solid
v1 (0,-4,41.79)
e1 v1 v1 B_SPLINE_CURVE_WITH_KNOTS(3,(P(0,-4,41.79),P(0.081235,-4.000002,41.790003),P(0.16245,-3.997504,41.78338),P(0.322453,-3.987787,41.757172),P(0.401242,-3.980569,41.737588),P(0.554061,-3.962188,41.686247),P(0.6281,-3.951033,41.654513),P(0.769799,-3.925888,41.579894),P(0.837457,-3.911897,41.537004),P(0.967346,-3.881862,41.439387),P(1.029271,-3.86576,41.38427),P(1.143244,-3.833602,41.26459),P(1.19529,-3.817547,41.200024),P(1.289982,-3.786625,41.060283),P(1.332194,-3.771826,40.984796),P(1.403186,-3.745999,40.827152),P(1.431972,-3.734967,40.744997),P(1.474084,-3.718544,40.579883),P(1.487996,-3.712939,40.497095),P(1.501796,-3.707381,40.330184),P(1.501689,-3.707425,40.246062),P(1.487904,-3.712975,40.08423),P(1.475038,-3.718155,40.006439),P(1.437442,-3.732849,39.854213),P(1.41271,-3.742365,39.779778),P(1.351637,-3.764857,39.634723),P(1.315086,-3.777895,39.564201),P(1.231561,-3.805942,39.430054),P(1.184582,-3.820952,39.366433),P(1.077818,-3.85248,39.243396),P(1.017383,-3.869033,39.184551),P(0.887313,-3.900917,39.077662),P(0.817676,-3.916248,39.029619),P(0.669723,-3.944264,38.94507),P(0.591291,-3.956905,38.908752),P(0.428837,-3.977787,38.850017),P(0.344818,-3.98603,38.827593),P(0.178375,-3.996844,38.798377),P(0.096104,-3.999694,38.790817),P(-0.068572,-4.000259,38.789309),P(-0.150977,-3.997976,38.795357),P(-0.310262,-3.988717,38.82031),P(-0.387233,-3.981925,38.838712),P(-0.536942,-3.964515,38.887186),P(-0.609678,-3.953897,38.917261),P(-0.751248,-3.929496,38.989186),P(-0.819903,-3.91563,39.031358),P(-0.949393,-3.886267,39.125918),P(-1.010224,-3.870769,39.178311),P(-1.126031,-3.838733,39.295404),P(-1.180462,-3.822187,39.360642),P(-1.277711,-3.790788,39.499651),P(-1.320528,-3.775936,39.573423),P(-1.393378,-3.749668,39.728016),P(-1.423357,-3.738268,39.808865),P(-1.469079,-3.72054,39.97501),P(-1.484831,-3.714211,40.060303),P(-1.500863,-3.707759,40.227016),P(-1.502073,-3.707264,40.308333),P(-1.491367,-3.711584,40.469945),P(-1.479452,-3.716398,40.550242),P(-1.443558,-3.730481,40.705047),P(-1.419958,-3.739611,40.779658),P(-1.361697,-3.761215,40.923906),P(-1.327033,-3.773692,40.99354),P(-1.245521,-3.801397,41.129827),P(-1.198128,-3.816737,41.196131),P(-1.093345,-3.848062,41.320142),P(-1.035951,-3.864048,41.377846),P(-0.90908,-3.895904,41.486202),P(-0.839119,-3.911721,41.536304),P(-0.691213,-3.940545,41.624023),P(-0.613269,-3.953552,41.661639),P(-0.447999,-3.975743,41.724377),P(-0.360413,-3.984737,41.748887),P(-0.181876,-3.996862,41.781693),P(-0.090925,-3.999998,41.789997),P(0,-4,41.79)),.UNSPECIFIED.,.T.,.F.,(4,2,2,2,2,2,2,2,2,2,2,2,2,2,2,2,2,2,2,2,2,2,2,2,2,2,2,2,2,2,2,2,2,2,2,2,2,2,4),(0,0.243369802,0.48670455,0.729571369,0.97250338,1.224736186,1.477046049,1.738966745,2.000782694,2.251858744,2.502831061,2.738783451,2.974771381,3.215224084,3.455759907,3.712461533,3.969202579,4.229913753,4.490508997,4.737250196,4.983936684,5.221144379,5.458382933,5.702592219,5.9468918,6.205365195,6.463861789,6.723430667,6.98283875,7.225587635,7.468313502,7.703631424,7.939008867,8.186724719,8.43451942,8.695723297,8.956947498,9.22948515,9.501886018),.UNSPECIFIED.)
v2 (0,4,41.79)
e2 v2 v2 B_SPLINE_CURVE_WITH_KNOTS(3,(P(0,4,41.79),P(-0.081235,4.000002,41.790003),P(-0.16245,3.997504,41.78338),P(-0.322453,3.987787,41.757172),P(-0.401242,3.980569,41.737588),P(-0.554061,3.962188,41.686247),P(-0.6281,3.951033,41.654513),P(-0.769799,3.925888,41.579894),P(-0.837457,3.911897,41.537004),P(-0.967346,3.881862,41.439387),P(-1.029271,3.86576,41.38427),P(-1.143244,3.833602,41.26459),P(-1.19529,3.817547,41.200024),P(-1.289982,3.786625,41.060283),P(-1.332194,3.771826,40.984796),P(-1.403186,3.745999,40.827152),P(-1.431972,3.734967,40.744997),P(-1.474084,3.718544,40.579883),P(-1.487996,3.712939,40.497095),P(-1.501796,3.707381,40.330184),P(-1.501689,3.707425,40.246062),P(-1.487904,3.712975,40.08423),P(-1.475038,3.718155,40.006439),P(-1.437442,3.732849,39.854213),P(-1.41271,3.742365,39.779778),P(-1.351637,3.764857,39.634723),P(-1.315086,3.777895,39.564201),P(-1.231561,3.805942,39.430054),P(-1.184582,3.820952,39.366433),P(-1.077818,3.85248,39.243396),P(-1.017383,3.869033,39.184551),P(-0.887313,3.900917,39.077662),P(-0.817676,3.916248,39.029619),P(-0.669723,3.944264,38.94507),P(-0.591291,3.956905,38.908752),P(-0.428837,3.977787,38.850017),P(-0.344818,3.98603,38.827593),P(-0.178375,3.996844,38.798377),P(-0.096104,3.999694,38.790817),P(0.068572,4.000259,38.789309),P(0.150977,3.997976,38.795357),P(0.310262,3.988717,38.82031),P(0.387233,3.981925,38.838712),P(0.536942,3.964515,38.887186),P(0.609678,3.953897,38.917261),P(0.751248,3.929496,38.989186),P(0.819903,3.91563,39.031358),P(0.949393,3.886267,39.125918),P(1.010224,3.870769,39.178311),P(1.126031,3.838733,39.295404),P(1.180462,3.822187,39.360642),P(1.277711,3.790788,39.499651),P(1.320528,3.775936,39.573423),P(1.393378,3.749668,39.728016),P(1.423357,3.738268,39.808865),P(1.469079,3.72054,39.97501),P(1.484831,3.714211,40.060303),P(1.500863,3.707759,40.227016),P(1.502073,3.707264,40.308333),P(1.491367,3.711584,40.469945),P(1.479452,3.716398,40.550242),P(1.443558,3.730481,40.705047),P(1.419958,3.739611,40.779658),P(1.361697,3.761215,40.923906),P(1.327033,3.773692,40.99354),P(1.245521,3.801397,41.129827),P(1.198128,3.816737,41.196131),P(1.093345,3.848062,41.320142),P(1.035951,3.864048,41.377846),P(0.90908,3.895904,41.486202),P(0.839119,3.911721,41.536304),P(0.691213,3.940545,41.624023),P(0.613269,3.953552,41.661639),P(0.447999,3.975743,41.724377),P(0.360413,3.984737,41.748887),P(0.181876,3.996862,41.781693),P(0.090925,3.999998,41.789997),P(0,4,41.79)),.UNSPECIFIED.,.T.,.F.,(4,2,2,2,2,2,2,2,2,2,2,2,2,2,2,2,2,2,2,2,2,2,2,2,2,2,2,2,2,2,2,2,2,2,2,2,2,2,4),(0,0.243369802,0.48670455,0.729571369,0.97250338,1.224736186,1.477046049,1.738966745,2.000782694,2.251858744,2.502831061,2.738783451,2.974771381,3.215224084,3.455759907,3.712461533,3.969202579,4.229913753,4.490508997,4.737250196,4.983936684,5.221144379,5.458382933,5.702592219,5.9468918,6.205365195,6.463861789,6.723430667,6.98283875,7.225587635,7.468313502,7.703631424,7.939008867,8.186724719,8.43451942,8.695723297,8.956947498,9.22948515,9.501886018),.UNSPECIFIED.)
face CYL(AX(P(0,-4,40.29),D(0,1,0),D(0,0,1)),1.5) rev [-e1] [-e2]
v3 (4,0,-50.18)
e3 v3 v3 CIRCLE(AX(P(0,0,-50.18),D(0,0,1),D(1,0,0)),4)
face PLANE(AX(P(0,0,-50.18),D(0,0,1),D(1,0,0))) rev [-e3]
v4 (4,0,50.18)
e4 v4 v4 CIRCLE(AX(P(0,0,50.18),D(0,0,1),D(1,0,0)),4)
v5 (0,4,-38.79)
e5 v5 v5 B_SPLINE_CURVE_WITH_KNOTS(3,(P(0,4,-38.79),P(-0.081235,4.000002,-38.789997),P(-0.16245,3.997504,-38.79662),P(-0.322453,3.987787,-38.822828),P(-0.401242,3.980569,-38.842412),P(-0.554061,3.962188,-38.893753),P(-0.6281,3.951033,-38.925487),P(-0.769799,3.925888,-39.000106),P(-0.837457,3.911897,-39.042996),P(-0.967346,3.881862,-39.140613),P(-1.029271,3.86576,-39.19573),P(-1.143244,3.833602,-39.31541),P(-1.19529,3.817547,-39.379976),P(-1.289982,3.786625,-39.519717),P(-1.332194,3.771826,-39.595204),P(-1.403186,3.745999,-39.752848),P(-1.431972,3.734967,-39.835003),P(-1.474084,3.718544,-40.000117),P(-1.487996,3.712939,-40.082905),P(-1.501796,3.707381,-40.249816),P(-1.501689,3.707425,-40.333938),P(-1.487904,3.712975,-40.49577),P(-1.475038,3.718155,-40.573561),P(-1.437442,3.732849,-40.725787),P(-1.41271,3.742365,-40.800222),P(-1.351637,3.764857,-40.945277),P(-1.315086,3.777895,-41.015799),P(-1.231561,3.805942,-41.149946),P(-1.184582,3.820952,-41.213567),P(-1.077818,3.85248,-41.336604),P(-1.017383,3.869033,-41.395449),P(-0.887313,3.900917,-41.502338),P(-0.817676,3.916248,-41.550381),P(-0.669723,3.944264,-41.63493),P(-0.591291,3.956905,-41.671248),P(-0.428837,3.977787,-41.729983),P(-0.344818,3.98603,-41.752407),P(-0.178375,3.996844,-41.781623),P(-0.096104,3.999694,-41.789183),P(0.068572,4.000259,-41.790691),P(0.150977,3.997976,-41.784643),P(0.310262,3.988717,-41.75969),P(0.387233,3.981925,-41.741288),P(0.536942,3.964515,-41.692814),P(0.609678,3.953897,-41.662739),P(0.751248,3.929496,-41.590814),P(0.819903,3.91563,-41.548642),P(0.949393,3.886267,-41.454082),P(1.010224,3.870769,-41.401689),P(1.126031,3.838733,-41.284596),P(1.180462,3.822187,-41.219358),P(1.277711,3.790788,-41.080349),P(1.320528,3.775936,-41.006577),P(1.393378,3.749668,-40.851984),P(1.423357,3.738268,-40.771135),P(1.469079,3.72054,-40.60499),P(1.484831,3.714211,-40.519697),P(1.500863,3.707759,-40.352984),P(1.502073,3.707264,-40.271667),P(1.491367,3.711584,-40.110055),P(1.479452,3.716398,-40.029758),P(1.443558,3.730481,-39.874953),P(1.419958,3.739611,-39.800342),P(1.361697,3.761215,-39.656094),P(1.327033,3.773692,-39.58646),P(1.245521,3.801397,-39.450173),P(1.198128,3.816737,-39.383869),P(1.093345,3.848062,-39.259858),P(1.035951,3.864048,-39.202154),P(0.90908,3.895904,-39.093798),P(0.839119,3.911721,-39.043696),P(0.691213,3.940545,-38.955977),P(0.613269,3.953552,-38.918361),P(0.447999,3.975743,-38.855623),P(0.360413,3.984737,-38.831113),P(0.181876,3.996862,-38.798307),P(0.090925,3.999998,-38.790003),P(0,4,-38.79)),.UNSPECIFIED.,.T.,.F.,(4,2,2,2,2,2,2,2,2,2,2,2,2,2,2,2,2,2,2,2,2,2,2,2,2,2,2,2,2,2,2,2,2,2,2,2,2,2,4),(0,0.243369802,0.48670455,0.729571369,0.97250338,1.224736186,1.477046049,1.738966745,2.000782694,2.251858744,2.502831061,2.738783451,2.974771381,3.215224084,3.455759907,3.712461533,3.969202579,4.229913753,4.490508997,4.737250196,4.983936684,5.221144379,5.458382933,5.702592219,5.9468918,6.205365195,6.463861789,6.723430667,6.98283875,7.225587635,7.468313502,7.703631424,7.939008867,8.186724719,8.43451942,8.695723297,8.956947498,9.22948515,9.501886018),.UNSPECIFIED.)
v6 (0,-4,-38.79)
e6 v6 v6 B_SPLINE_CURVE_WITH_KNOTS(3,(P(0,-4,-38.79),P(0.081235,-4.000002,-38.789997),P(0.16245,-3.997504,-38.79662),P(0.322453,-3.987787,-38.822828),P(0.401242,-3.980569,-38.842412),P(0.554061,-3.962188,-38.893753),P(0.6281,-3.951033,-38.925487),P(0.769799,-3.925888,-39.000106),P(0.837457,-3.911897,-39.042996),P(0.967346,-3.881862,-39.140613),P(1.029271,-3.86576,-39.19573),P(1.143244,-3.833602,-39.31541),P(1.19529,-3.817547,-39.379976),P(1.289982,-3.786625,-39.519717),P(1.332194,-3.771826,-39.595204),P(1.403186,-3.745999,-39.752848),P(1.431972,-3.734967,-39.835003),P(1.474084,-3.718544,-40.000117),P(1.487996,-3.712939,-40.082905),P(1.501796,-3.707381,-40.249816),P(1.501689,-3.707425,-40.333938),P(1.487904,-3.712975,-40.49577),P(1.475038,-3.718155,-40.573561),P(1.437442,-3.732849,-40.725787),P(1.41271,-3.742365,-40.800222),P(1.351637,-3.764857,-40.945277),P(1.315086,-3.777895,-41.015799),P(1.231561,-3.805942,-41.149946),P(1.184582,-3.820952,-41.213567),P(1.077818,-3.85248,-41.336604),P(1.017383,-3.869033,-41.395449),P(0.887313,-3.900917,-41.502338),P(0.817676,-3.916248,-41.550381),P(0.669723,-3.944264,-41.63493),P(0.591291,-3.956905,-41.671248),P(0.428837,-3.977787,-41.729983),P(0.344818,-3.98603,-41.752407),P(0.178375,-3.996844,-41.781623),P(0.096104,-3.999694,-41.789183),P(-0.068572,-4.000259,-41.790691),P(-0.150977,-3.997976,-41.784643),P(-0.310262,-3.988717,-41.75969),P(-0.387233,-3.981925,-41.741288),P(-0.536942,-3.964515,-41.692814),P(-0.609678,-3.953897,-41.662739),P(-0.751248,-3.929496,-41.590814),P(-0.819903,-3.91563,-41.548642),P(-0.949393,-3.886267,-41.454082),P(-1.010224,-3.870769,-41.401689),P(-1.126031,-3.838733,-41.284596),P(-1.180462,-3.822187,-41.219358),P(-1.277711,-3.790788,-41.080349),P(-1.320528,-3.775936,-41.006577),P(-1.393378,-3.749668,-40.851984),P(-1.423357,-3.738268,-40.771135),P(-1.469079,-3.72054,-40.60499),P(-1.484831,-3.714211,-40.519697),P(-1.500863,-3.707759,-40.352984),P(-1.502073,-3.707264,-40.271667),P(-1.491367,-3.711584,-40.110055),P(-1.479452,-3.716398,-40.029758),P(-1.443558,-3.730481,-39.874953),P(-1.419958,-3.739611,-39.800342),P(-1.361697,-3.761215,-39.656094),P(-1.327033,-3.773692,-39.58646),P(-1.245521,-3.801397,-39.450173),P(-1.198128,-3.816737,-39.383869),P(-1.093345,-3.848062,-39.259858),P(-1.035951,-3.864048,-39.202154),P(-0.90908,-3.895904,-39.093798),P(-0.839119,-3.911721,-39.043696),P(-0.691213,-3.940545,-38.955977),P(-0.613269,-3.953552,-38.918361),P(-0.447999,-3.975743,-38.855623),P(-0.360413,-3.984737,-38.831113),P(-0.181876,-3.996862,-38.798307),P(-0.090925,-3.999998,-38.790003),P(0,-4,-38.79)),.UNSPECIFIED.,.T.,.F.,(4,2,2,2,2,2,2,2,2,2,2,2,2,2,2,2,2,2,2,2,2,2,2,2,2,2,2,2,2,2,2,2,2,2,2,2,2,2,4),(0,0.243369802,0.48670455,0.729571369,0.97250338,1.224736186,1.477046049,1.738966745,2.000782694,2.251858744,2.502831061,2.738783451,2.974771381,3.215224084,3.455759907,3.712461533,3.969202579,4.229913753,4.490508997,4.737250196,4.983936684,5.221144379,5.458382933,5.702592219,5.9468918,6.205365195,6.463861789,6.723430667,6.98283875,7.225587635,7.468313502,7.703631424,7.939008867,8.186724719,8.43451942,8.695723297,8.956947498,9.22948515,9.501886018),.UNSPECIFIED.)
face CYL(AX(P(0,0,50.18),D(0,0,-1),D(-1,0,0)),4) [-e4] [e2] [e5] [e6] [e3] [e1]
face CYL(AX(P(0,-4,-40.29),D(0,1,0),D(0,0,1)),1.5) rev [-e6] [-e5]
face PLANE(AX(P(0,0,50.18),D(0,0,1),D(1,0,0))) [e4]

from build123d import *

# Parameters (mm, degrees)
SKETCH2_R               = 4
BOSS_EXTRUDE1_DEPTH     = 50.18
SKETCH3_R               = 1.5
CUT_EXTRUDE1_DEPTH      = 5
CUT_EXTRUDE1_DEPTH_BACK = 5


with BuildPart() as part:
    # Sketch2 → Boss-Extrude1 (new body, symmetric)
    with BuildSketch(Plane.XY):
        Circle(SKETCH2_R)
    extrude(amount=BOSS_EXTRUDE1_DEPTH, both=True)

    # Sketch3 → Cut-Extrude1 (cut, two sides)
    with BuildSketch(Plane(origin=(0, 0, 0), x_dir=(1, 0, 0), z_dir=(0, 1, 0))) as cut_extrude1_sk:
        with Locations((0, 40.29)):
            Circle(SKETCH3_R)
        with Locations((0, -40.29)):
            Circle(SKETCH3_R)
    extrude(amount=CUT_EXTRUDE1_DEPTH, mode=Mode.SUBTRACT)
    extrude(cut_extrude1_sk.sketch, amount=-CUT_EXTRUDE1_DEPTH_BACK, mode=Mode.SUBTRACT)


solid = part.part
